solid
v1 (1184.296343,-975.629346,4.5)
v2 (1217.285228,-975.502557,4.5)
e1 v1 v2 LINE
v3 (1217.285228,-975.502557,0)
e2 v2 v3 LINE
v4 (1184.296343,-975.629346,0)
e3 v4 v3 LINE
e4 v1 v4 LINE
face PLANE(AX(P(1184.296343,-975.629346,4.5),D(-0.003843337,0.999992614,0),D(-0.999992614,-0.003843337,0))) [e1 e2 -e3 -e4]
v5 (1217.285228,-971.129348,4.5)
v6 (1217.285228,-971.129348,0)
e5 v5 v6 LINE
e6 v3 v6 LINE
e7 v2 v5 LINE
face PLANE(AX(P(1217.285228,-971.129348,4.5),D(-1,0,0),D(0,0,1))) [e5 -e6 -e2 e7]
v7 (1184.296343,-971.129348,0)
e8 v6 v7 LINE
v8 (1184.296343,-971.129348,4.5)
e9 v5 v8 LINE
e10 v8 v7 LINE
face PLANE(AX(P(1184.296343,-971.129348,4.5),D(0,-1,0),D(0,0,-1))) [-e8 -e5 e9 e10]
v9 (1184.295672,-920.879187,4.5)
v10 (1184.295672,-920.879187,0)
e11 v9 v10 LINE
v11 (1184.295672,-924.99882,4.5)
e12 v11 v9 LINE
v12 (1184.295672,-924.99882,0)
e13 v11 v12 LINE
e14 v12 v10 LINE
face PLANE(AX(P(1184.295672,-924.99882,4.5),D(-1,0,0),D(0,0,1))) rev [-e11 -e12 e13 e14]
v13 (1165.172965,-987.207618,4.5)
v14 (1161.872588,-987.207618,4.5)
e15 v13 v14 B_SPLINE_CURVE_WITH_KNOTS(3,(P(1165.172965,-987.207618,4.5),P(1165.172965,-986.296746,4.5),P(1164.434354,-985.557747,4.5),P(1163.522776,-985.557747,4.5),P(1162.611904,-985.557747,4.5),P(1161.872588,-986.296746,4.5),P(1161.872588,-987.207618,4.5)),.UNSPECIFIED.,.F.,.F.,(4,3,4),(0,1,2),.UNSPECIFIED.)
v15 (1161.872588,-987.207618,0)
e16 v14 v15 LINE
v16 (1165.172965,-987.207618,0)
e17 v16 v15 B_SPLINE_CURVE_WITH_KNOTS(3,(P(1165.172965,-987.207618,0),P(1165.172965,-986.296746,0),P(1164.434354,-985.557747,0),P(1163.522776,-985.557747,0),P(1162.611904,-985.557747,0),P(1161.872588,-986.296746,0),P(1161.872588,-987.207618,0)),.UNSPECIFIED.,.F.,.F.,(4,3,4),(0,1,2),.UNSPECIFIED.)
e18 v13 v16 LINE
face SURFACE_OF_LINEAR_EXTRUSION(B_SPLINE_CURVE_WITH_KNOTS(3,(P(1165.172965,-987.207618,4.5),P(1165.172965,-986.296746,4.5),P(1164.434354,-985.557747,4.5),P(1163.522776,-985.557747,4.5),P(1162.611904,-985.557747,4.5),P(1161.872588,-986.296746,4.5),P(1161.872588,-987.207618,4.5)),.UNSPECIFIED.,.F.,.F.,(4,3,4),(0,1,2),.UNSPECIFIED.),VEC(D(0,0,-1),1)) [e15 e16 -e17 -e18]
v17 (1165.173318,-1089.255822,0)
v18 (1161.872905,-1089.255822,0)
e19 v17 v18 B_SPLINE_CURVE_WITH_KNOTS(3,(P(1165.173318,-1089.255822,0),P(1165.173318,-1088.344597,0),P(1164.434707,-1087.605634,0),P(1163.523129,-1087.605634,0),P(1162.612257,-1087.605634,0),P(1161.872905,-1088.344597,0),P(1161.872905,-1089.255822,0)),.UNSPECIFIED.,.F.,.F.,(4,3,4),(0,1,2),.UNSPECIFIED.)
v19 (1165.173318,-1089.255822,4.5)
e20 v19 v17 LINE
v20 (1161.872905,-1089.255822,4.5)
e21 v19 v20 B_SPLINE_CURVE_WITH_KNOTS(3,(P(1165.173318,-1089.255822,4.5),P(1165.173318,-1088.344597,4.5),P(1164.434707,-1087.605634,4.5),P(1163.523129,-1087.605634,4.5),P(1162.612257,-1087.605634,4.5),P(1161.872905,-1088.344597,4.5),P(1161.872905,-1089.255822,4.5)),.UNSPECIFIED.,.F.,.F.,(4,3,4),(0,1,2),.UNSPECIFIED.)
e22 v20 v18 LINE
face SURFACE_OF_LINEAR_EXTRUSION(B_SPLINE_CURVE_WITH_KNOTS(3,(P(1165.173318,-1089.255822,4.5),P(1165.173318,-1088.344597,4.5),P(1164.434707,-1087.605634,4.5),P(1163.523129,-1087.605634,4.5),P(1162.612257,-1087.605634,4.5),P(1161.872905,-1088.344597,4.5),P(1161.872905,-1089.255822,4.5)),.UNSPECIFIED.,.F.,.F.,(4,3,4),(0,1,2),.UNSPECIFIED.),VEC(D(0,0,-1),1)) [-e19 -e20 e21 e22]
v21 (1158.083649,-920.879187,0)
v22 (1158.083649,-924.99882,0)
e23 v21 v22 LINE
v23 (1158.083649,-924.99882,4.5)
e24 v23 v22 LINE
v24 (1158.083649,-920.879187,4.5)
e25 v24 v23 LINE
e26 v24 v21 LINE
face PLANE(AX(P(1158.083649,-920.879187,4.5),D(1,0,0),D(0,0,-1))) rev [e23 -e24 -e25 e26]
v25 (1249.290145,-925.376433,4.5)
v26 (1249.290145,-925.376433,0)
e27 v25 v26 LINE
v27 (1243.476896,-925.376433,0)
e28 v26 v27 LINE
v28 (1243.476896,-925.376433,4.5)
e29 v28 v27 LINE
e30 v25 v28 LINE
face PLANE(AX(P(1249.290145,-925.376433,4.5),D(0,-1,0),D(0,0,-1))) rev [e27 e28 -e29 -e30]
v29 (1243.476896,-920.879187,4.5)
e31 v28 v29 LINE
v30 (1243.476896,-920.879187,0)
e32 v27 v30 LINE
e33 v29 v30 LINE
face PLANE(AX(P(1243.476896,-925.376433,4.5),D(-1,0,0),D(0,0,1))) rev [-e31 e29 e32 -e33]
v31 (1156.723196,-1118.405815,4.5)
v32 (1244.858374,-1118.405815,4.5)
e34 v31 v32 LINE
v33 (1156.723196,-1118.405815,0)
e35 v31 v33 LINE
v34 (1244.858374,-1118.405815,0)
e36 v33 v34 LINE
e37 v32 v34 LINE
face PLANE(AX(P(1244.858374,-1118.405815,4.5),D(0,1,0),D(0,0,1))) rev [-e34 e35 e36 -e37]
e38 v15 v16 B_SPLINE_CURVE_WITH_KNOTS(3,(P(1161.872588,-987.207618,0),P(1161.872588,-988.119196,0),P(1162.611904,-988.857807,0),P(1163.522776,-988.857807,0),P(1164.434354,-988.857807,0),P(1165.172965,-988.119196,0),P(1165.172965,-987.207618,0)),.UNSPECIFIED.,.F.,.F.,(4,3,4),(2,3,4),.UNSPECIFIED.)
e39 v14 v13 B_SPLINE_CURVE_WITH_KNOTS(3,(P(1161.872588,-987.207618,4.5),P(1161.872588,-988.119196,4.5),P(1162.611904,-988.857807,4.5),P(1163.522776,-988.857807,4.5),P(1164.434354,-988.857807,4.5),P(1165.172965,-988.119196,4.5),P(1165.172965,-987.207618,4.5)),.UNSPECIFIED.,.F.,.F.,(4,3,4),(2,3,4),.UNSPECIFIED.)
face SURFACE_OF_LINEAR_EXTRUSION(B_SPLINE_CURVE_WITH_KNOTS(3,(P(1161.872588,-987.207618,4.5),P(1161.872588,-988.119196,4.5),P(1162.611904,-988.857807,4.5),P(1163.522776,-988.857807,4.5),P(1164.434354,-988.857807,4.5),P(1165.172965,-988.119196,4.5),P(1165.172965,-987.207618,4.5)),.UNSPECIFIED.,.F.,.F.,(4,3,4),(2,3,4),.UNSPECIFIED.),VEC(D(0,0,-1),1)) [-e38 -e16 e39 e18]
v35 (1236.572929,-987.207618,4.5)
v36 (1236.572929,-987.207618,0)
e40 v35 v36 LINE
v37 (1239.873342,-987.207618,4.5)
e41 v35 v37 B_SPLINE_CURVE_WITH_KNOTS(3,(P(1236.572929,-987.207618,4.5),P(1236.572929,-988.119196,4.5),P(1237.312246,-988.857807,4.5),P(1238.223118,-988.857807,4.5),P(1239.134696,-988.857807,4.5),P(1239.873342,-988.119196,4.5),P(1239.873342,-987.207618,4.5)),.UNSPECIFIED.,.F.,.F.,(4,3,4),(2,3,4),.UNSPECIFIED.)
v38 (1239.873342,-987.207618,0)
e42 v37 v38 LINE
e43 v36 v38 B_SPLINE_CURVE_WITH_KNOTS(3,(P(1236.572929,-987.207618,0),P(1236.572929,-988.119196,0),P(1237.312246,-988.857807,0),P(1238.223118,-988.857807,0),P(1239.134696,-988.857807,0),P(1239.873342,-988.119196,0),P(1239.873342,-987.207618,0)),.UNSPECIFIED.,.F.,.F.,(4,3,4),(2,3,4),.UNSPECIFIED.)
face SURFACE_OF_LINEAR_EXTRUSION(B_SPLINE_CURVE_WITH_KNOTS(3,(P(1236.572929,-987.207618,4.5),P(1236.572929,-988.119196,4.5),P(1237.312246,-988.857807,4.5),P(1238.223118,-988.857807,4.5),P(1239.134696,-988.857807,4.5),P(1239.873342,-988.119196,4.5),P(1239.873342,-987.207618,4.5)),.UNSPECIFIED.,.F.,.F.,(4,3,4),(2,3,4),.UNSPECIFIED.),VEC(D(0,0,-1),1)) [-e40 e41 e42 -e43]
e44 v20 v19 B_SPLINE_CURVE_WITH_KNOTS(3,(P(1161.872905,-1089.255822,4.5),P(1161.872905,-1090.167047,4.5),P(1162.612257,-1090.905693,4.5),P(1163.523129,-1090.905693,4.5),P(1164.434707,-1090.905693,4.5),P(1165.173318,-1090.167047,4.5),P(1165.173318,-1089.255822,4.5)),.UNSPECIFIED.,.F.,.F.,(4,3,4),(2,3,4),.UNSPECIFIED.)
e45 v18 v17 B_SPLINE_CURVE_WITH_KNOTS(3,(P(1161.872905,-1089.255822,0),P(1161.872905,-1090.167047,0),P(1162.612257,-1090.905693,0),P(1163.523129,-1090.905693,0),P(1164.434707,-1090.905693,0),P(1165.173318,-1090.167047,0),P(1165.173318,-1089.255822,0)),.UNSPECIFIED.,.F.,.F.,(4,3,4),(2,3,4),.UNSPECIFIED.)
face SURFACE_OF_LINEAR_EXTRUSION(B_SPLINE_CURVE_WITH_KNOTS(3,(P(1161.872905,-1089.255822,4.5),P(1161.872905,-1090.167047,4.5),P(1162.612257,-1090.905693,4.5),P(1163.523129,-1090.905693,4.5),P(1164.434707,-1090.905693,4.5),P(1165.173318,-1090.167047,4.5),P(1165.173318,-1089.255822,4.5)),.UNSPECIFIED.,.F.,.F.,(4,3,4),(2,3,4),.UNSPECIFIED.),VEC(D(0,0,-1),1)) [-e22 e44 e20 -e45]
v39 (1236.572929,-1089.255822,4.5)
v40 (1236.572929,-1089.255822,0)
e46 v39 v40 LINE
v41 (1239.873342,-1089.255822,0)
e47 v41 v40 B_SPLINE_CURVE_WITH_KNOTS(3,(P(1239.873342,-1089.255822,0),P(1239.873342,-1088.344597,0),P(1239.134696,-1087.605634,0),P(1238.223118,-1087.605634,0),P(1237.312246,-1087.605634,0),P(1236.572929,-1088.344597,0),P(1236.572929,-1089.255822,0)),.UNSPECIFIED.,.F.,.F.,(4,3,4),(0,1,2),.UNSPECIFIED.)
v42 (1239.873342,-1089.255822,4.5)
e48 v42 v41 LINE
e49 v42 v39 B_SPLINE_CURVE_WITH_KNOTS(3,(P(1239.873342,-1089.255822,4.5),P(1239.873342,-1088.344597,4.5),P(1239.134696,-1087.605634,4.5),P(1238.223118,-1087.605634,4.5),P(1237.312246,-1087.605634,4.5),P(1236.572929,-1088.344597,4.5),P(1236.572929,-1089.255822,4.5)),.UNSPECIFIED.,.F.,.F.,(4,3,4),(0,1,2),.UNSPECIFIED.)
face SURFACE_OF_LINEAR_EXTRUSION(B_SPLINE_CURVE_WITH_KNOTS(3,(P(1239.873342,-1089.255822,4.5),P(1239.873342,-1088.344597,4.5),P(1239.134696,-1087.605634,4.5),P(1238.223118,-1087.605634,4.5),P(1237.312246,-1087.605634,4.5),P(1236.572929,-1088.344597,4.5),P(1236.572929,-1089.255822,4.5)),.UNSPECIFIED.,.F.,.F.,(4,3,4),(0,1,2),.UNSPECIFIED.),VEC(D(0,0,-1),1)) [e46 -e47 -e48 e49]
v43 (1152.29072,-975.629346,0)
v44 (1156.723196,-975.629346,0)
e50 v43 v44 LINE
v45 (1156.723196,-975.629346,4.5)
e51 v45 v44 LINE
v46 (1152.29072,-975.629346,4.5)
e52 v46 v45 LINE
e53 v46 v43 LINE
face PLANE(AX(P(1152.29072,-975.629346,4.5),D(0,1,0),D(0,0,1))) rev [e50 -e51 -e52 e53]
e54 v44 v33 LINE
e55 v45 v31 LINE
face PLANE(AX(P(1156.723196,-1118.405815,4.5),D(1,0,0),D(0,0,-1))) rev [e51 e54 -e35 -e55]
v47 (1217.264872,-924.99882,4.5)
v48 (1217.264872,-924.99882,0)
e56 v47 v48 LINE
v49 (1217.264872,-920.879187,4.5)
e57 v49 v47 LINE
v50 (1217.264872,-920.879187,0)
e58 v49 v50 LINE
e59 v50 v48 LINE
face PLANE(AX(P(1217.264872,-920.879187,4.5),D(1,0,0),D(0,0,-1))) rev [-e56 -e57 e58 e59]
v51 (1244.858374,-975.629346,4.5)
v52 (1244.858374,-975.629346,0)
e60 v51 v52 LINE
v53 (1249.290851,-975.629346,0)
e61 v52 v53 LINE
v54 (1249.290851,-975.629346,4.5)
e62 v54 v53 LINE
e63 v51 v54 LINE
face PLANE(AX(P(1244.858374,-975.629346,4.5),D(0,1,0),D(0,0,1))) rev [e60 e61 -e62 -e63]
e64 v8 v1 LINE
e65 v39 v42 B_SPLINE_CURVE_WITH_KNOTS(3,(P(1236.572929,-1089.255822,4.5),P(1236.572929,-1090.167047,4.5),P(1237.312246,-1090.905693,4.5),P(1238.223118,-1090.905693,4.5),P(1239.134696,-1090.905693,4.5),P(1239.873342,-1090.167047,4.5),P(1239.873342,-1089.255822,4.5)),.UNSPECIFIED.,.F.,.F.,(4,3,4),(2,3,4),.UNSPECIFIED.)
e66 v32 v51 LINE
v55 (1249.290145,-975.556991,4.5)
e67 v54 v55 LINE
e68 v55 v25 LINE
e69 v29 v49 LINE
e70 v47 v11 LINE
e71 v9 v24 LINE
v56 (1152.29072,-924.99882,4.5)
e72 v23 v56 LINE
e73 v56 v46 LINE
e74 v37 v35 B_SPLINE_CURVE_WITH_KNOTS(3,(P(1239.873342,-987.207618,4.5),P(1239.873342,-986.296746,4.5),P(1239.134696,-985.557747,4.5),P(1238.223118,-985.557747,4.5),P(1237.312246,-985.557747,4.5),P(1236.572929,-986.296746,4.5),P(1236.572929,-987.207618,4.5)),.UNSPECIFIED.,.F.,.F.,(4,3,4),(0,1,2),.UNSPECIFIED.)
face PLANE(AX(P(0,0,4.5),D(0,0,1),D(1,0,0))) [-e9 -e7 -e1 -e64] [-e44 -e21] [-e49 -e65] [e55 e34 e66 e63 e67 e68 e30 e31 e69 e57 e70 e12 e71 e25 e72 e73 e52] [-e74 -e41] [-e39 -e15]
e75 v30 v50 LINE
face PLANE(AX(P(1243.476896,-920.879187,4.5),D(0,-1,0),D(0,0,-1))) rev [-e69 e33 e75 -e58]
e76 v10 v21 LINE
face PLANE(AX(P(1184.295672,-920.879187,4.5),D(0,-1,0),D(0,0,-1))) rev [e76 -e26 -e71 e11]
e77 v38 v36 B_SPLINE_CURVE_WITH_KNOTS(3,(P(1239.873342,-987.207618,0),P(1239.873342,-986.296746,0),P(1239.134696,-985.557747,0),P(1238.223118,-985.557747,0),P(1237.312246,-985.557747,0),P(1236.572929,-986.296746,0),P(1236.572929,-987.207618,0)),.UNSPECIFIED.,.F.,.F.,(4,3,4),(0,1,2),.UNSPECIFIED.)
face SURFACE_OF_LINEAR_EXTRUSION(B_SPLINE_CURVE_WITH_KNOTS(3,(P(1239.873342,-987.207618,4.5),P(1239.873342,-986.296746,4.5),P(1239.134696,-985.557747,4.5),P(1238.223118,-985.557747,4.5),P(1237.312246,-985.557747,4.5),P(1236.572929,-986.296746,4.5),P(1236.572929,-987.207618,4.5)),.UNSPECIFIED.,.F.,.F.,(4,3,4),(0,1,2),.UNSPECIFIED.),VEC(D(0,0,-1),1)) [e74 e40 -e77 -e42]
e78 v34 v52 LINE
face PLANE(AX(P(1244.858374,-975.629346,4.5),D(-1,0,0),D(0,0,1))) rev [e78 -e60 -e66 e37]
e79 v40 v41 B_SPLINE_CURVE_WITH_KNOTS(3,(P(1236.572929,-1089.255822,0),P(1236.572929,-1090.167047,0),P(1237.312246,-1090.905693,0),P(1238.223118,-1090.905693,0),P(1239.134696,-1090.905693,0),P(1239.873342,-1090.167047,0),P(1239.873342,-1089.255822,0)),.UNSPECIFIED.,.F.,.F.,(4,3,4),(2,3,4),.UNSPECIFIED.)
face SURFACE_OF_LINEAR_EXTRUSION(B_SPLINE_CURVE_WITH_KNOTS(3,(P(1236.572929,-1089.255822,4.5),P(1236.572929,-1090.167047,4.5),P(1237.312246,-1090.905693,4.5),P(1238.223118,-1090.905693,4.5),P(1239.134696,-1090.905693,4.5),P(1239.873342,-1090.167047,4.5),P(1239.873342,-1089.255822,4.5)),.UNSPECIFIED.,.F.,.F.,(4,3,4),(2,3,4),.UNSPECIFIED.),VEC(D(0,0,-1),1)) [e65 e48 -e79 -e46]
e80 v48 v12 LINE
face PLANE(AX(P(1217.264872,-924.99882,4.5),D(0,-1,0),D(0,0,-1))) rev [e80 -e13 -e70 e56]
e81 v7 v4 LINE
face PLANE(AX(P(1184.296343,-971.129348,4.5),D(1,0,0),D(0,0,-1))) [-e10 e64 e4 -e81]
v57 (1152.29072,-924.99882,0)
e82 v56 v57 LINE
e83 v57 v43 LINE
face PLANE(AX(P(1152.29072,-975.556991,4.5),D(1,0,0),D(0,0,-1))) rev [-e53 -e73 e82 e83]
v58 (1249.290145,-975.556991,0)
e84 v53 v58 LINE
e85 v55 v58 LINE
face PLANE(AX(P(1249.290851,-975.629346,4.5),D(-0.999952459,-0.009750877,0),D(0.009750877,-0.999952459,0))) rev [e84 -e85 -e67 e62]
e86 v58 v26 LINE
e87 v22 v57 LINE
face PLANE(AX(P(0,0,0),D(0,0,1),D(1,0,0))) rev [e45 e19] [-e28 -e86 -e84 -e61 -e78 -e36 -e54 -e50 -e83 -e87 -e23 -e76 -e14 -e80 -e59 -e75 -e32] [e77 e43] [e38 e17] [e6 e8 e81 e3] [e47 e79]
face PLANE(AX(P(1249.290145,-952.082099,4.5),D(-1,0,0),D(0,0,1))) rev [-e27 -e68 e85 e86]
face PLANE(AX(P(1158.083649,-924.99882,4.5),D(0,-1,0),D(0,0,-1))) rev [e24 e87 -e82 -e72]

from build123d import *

# Parameters (mm, degrees)
BOSS_EXTRUDE1_DEPTH = 4.5


with BuildPart() as part:
    # Model → Boss-Extrude1 (new body)
    with BuildSketch(Plane.XY):
        Polygon((1244.858374133, -975.629345589), (1244.858374133, -1118.40581472), (1156.723196377, -1118.40581472), (1156.723196377, -975.629345589), (1152.29071999, -975.629345589), (1152.29071999, -975.556990867), (1152.29071999, -950.670988096), (1152.29071999, -925.729211157), (1152.29071999, -924.998820047), (1158.083648599, -924.998820047), (1158.083648599, -920.879186992), (1184.295672482, -920.879186992), (1184.295672482, -924.998820047), (1217.264872473, -924.998820047), (1217.264872473, -920.879186992), (1243.476896356, -920.879186992), (1243.476896356, -925.37643338), (1249.290144965, -925.37643338), (1249.290144965, -952.082099206), (1249.290144965, -975.556990867), (1249.290850521, -975.629345589), align=None)
        Polygon((1184.296342759, -971.129347535), (1184.296342759, -975.629345589), (1217.285227751, -975.502557256), (1217.285227751, -971.129347535), align=None, mode=Mode.SUBTRACT)
        with BuildLine():
            add(Edge.make_bspline(
                [(1239.873341912, -1089.255822228), (1239.873341912, -1090.167047227), (1239.134695801, -1090.905693338), (1238.223118024, -1090.905693338), (1237.312245802, -1090.905693338), (1236.572929413, -1090.167047227), (1236.572929413, -1089.255822228)],
                knots=[2, 2, 2, 2, 3, 3, 3, 4, 4, 4, 4], degree=3))
            add(Edge.make_bspline(
                [(1236.572929413, -1089.255822228), (1236.572929413, -1088.344597228), (1237.312245802, -1087.605633617), (1238.223118024, -1087.605633617), (1239.134695801, -1087.605633617), (1239.873341912, -1088.344597228), (1239.873341912, -1089.255822228)],
                knots=[0, 0, 0, 0, 1, 1, 1, 2, 2, 2, 2], degree=3))
        make_face(mode=Mode.SUBTRACT)
        with BuildLine():
            add(Edge.make_bspline(
                [(1165.173317764, -1089.255822228), (1165.173317764, -1090.167047227), (1164.434706931, -1090.905693338), (1163.523129154, -1090.905693338), (1162.612256932, -1090.905693338), (1161.872905265, -1090.167047227), (1161.872905265, -1089.255822228)],
                knots=[2, 2, 2, 2, 3, 3, 3, 4, 4, 4, 4], degree=3))
            add(Edge.make_bspline(
                [(1161.872905265, -1089.255822228), (1161.872905265, -1088.344597228), (1162.612256932, -1087.605633617), (1163.523129154, -1087.605633617), (1164.434706931, -1087.605633617), (1165.173317764, -1088.344597228), (1165.173317764, -1089.255822228)],
                knots=[0, 0, 0, 0, 1, 1, 1, 2, 2, 2, 2], degree=3))
        make_face(mode=Mode.SUBTRACT)
        with BuildLine():
            add(Edge.make_bspline(
                [(1239.873341912, -987.207618087), (1239.873341912, -988.119195864), (1239.134695801, -988.857806697), (1238.223118024, -988.857806697), (1237.312245802, -988.857806697), (1236.572929413, -988.119195864), (1236.572929413, -987.207618087)],
                knots=[2, 2, 2, 2, 3, 3, 3, 4, 4, 4, 4], degree=3))
            add(Edge.make_bspline(
                [(1236.572929413, -987.207618087), (1236.572929413, -986.296745865), (1237.312245802, -985.557746976), (1238.223118024, -985.557746976), (1239.134695801, -985.557746976), (1239.873341912, -986.296745865), (1239.873341912, -987.207618087)],
                knots=[0, 0, 0, 0, 1, 1, 1, 2, 2, 2, 2], degree=3))
        make_face(mode=Mode.SUBTRACT)
        with BuildLine():
            add(Edge.make_bspline(
                [(1165.172964986, -987.207618087), (1165.172964986, -988.119195864), (1164.434354153, -988.857806697), (1163.522776376, -988.857806697), (1162.611904154, -988.857806697), (1161.872587765, -988.119195864), (1161.872587765, -987.207618087)],
                knots=[2, 2, 2, 2, 3, 3, 3, 4, 4, 4, 4], degree=3))
            add(Edge.make_bspline(
                [(1161.872587765, -987.207618087), (1161.872587765, -986.296745865), (1162.611904154, -985.557746976), (1163.522776376, -985.557746976), (1164.434354153, -985.557746976), (1165.172964986, -986.296745865), (1165.172964986, -987.207618087)],
                knots=[0, 0, 0, 0, 1, 1, 1, 2, 2, 2, 2], degree=3))
        make_face(mode=Mode.SUBTRACT)
    extrude(amount=BOSS_EXTRUDE1_DEPTH)


solid = part.part
